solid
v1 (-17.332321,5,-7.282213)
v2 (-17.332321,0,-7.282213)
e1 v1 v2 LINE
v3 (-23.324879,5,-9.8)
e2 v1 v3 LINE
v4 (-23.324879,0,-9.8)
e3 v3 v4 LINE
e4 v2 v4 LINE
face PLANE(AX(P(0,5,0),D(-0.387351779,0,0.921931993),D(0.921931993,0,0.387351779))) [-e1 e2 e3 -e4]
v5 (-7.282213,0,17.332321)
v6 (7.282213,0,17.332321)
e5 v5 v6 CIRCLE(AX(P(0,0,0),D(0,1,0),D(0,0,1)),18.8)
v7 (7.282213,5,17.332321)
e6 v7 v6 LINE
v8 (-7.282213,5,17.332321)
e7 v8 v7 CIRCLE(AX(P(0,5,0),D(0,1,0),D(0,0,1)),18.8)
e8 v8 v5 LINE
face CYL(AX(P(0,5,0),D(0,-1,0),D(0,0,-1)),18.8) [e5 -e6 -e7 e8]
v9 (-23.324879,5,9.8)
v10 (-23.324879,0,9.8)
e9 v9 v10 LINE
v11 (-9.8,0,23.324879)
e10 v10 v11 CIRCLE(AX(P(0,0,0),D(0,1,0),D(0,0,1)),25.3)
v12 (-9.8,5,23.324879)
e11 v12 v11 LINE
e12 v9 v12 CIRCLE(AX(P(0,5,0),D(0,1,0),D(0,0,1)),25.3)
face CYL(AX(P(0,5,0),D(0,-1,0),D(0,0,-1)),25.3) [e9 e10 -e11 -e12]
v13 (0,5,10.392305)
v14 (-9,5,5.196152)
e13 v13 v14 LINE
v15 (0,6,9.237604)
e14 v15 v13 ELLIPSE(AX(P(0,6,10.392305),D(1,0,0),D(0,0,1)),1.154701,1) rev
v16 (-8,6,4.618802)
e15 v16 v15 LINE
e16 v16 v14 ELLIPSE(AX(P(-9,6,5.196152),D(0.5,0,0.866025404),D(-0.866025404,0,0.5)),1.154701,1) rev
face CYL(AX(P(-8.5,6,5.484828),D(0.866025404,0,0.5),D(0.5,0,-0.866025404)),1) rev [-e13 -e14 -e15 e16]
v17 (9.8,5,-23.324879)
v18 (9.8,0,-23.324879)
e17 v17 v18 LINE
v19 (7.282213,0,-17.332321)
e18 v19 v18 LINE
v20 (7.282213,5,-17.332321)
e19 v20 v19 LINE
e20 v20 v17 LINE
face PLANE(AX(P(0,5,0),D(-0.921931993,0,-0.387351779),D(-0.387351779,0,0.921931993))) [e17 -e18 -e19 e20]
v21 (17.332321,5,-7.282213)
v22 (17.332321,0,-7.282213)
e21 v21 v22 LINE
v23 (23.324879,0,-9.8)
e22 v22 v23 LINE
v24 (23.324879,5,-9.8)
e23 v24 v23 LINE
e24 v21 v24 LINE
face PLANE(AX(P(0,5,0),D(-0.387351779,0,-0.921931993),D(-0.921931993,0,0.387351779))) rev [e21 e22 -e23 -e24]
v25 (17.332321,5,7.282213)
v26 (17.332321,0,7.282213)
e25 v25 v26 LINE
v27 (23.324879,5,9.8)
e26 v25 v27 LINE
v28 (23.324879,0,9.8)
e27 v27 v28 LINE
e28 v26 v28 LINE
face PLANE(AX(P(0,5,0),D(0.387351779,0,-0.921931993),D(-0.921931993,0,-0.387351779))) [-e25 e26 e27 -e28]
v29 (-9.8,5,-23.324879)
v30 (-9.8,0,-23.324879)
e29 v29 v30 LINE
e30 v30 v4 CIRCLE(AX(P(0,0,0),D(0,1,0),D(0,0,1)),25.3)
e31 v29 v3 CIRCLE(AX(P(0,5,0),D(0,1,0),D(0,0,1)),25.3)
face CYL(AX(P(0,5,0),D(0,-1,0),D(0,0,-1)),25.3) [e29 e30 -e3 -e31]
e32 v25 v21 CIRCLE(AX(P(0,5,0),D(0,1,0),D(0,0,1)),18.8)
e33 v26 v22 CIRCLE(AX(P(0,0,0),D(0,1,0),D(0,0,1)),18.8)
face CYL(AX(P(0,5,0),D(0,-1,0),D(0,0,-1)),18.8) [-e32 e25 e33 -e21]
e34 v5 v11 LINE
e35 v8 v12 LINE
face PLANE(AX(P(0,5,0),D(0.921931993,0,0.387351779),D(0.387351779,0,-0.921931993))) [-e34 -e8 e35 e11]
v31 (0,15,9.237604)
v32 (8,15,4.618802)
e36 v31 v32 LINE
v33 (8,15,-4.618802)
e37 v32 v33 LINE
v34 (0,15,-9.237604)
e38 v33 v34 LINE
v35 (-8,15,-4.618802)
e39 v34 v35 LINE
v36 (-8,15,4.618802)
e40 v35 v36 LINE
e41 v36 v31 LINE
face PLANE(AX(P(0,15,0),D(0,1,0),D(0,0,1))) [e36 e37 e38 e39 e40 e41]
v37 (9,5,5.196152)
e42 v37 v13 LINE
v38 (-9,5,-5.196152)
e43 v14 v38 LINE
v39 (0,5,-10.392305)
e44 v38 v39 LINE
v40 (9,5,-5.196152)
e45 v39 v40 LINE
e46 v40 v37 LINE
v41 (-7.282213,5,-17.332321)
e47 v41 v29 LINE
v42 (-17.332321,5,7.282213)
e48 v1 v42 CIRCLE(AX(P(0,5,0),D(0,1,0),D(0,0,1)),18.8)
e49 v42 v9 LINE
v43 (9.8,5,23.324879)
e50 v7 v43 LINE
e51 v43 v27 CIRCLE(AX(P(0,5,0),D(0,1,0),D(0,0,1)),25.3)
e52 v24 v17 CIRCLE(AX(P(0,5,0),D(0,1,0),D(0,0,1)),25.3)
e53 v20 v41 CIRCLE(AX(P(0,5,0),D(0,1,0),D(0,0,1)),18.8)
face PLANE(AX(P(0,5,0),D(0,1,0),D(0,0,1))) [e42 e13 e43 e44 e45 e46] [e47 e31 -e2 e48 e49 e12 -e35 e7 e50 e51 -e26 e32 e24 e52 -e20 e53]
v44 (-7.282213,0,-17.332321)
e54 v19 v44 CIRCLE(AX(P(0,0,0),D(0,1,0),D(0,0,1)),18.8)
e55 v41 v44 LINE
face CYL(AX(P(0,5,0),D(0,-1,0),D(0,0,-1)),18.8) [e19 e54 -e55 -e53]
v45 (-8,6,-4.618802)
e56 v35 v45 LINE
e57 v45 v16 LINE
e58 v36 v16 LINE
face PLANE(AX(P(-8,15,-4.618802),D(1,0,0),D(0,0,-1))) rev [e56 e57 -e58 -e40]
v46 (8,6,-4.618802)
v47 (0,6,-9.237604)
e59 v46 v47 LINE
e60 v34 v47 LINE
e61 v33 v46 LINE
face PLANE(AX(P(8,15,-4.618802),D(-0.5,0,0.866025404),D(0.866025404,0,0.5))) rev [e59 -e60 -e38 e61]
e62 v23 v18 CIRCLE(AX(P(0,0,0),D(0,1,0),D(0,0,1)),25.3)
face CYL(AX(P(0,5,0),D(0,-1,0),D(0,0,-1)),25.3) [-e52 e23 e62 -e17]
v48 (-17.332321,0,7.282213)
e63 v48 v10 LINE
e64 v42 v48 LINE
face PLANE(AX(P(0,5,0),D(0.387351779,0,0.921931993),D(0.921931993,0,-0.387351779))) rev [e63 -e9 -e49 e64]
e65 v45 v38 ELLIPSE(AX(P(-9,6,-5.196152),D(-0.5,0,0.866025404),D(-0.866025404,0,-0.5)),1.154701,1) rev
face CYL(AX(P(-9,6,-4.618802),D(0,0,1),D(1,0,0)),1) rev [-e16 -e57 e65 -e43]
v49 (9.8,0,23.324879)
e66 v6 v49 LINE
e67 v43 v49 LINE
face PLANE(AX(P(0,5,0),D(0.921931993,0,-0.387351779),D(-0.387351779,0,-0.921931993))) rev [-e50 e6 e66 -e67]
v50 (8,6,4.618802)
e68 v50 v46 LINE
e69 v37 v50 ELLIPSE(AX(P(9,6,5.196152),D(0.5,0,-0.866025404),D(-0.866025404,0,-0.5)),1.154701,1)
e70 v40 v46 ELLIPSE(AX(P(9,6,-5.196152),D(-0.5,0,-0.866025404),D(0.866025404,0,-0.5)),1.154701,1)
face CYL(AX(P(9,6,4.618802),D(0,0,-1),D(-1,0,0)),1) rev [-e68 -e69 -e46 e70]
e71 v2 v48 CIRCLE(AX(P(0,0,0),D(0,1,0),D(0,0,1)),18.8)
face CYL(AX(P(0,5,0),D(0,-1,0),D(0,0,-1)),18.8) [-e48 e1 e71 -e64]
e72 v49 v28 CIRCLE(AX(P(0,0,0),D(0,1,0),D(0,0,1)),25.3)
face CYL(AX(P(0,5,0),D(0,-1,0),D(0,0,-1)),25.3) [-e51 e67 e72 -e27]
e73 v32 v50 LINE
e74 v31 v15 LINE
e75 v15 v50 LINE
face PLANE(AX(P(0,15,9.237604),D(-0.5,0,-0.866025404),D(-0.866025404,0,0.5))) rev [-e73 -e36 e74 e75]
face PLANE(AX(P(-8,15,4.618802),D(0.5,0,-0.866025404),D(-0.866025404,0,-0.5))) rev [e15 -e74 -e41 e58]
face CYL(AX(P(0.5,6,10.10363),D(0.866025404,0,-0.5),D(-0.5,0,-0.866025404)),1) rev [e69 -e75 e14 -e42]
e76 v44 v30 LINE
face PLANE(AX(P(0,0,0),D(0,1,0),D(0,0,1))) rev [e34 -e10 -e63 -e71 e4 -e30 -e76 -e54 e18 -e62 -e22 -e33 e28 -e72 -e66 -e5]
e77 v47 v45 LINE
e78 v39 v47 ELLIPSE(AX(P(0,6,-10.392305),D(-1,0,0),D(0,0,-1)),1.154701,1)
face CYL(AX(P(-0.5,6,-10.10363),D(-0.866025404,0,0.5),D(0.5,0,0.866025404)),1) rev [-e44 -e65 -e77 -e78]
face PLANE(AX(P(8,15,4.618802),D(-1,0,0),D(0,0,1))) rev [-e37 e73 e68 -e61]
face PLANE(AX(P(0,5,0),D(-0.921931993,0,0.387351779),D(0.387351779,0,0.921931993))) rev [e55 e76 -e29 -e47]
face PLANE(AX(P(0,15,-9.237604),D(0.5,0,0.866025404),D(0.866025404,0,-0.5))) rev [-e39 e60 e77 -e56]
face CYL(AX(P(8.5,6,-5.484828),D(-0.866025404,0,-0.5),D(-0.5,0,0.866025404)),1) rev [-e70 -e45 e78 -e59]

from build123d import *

# Parameters (mm, degrees)
BOSS_EXTRUDE1_DEPTH = 5
BOSS_EXTRUDE2_DEPTH = 10
FILLET3_R           = 1


with BuildPart() as part:
    # Sketch2 → Boss-Extrude1 (new body)
    with BuildSketch(Plane(origin=(0, 0, 0), x_dir=(1, 0, 0), z_dir=(0, 1, 0))):
        with BuildLine():
            Line((-23.324879421, 9.8), (-17.332321467, 7.282213439))
            ThreePointArc((-17.332321467, 7.282213439), (-18.8, 0), (-17.332321467, -7.282213439))
            Line((-17.332321467, -7.282213439), (-23.324879421, -9.8))
            ThreePointArc((-23.324879421, -9.8), (-17.889801564, -17.889801564), (-9.8, -23.324879421))
            Line((-9.8, -23.324879421), (-7.282213439, -17.332321467))
            ThreePointArc((-7.282213439, -17.332321467), (0, -18.8), (7.282213439, -17.332321467))
            Line((7.282213439, -17.332321467), (9.8, -23.324879421))
            ThreePointArc((9.8, -23.324879421), (17.889801564, -17.889801564), (23.324879421, -9.8))
            Line((23.324879421, -9.8), (17.332321467, -7.282213439))
            ThreePointArc((17.332321467, -7.282213439), (18.8, 0), (17.332321467, 7.282213439))
            Line((17.332321467, 7.282213439), (23.324879421, 9.8))
            ThreePointArc((23.324879421, 9.8), (17.889801564, 17.889801564), (9.8, 23.324879421))
            Line((9.8, 23.324879421), (7.282213439, 17.332321467))
            ThreePointArc((7.282213439, 17.332321467), (0, 18.8), (-7.282213439, 17.332321467))
            Line((-7.282213439, 17.332321467), (-9.8, 23.324879421))
            ThreePointArc((-9.8, 23.324879421), (-17.889801564, 17.889801564), (-23.324879421, 9.8))
        make_face()
    extrude(amount=BOSS_EXTRUDE1_DEPTH)

    # Sketch3 → Boss-Extrude2 (add)
    with BuildSketch(Plane(origin=(0, 5, 0), x_dir=(1, 0, 0), z_dir=(0, 1, 0))):
        Polygon((0, 9.237604307), (-8, 4.618802154), (-8, -4.618802154), (0, -9.237604307), (8, -4.618802154), (8, 4.618802154), align=None)
    extrude(amount=BOSS_EXTRUDE2_DEPTH)

    # Fillet3
    fillet3_edges = [part.edges().sort_by_distance(p)[0] for p in [
        (4, 5, -6.92820323),
        (-4, 5, -6.92820323),
        (-8, 5, 0),
        (-4, 5, 6.92820323),
        (4, 5, 6.92820323),
        (8, 5, 0),
    ]]
    fillet(fillet3_edges, radius=FILLET3_R)


solid = part.part
